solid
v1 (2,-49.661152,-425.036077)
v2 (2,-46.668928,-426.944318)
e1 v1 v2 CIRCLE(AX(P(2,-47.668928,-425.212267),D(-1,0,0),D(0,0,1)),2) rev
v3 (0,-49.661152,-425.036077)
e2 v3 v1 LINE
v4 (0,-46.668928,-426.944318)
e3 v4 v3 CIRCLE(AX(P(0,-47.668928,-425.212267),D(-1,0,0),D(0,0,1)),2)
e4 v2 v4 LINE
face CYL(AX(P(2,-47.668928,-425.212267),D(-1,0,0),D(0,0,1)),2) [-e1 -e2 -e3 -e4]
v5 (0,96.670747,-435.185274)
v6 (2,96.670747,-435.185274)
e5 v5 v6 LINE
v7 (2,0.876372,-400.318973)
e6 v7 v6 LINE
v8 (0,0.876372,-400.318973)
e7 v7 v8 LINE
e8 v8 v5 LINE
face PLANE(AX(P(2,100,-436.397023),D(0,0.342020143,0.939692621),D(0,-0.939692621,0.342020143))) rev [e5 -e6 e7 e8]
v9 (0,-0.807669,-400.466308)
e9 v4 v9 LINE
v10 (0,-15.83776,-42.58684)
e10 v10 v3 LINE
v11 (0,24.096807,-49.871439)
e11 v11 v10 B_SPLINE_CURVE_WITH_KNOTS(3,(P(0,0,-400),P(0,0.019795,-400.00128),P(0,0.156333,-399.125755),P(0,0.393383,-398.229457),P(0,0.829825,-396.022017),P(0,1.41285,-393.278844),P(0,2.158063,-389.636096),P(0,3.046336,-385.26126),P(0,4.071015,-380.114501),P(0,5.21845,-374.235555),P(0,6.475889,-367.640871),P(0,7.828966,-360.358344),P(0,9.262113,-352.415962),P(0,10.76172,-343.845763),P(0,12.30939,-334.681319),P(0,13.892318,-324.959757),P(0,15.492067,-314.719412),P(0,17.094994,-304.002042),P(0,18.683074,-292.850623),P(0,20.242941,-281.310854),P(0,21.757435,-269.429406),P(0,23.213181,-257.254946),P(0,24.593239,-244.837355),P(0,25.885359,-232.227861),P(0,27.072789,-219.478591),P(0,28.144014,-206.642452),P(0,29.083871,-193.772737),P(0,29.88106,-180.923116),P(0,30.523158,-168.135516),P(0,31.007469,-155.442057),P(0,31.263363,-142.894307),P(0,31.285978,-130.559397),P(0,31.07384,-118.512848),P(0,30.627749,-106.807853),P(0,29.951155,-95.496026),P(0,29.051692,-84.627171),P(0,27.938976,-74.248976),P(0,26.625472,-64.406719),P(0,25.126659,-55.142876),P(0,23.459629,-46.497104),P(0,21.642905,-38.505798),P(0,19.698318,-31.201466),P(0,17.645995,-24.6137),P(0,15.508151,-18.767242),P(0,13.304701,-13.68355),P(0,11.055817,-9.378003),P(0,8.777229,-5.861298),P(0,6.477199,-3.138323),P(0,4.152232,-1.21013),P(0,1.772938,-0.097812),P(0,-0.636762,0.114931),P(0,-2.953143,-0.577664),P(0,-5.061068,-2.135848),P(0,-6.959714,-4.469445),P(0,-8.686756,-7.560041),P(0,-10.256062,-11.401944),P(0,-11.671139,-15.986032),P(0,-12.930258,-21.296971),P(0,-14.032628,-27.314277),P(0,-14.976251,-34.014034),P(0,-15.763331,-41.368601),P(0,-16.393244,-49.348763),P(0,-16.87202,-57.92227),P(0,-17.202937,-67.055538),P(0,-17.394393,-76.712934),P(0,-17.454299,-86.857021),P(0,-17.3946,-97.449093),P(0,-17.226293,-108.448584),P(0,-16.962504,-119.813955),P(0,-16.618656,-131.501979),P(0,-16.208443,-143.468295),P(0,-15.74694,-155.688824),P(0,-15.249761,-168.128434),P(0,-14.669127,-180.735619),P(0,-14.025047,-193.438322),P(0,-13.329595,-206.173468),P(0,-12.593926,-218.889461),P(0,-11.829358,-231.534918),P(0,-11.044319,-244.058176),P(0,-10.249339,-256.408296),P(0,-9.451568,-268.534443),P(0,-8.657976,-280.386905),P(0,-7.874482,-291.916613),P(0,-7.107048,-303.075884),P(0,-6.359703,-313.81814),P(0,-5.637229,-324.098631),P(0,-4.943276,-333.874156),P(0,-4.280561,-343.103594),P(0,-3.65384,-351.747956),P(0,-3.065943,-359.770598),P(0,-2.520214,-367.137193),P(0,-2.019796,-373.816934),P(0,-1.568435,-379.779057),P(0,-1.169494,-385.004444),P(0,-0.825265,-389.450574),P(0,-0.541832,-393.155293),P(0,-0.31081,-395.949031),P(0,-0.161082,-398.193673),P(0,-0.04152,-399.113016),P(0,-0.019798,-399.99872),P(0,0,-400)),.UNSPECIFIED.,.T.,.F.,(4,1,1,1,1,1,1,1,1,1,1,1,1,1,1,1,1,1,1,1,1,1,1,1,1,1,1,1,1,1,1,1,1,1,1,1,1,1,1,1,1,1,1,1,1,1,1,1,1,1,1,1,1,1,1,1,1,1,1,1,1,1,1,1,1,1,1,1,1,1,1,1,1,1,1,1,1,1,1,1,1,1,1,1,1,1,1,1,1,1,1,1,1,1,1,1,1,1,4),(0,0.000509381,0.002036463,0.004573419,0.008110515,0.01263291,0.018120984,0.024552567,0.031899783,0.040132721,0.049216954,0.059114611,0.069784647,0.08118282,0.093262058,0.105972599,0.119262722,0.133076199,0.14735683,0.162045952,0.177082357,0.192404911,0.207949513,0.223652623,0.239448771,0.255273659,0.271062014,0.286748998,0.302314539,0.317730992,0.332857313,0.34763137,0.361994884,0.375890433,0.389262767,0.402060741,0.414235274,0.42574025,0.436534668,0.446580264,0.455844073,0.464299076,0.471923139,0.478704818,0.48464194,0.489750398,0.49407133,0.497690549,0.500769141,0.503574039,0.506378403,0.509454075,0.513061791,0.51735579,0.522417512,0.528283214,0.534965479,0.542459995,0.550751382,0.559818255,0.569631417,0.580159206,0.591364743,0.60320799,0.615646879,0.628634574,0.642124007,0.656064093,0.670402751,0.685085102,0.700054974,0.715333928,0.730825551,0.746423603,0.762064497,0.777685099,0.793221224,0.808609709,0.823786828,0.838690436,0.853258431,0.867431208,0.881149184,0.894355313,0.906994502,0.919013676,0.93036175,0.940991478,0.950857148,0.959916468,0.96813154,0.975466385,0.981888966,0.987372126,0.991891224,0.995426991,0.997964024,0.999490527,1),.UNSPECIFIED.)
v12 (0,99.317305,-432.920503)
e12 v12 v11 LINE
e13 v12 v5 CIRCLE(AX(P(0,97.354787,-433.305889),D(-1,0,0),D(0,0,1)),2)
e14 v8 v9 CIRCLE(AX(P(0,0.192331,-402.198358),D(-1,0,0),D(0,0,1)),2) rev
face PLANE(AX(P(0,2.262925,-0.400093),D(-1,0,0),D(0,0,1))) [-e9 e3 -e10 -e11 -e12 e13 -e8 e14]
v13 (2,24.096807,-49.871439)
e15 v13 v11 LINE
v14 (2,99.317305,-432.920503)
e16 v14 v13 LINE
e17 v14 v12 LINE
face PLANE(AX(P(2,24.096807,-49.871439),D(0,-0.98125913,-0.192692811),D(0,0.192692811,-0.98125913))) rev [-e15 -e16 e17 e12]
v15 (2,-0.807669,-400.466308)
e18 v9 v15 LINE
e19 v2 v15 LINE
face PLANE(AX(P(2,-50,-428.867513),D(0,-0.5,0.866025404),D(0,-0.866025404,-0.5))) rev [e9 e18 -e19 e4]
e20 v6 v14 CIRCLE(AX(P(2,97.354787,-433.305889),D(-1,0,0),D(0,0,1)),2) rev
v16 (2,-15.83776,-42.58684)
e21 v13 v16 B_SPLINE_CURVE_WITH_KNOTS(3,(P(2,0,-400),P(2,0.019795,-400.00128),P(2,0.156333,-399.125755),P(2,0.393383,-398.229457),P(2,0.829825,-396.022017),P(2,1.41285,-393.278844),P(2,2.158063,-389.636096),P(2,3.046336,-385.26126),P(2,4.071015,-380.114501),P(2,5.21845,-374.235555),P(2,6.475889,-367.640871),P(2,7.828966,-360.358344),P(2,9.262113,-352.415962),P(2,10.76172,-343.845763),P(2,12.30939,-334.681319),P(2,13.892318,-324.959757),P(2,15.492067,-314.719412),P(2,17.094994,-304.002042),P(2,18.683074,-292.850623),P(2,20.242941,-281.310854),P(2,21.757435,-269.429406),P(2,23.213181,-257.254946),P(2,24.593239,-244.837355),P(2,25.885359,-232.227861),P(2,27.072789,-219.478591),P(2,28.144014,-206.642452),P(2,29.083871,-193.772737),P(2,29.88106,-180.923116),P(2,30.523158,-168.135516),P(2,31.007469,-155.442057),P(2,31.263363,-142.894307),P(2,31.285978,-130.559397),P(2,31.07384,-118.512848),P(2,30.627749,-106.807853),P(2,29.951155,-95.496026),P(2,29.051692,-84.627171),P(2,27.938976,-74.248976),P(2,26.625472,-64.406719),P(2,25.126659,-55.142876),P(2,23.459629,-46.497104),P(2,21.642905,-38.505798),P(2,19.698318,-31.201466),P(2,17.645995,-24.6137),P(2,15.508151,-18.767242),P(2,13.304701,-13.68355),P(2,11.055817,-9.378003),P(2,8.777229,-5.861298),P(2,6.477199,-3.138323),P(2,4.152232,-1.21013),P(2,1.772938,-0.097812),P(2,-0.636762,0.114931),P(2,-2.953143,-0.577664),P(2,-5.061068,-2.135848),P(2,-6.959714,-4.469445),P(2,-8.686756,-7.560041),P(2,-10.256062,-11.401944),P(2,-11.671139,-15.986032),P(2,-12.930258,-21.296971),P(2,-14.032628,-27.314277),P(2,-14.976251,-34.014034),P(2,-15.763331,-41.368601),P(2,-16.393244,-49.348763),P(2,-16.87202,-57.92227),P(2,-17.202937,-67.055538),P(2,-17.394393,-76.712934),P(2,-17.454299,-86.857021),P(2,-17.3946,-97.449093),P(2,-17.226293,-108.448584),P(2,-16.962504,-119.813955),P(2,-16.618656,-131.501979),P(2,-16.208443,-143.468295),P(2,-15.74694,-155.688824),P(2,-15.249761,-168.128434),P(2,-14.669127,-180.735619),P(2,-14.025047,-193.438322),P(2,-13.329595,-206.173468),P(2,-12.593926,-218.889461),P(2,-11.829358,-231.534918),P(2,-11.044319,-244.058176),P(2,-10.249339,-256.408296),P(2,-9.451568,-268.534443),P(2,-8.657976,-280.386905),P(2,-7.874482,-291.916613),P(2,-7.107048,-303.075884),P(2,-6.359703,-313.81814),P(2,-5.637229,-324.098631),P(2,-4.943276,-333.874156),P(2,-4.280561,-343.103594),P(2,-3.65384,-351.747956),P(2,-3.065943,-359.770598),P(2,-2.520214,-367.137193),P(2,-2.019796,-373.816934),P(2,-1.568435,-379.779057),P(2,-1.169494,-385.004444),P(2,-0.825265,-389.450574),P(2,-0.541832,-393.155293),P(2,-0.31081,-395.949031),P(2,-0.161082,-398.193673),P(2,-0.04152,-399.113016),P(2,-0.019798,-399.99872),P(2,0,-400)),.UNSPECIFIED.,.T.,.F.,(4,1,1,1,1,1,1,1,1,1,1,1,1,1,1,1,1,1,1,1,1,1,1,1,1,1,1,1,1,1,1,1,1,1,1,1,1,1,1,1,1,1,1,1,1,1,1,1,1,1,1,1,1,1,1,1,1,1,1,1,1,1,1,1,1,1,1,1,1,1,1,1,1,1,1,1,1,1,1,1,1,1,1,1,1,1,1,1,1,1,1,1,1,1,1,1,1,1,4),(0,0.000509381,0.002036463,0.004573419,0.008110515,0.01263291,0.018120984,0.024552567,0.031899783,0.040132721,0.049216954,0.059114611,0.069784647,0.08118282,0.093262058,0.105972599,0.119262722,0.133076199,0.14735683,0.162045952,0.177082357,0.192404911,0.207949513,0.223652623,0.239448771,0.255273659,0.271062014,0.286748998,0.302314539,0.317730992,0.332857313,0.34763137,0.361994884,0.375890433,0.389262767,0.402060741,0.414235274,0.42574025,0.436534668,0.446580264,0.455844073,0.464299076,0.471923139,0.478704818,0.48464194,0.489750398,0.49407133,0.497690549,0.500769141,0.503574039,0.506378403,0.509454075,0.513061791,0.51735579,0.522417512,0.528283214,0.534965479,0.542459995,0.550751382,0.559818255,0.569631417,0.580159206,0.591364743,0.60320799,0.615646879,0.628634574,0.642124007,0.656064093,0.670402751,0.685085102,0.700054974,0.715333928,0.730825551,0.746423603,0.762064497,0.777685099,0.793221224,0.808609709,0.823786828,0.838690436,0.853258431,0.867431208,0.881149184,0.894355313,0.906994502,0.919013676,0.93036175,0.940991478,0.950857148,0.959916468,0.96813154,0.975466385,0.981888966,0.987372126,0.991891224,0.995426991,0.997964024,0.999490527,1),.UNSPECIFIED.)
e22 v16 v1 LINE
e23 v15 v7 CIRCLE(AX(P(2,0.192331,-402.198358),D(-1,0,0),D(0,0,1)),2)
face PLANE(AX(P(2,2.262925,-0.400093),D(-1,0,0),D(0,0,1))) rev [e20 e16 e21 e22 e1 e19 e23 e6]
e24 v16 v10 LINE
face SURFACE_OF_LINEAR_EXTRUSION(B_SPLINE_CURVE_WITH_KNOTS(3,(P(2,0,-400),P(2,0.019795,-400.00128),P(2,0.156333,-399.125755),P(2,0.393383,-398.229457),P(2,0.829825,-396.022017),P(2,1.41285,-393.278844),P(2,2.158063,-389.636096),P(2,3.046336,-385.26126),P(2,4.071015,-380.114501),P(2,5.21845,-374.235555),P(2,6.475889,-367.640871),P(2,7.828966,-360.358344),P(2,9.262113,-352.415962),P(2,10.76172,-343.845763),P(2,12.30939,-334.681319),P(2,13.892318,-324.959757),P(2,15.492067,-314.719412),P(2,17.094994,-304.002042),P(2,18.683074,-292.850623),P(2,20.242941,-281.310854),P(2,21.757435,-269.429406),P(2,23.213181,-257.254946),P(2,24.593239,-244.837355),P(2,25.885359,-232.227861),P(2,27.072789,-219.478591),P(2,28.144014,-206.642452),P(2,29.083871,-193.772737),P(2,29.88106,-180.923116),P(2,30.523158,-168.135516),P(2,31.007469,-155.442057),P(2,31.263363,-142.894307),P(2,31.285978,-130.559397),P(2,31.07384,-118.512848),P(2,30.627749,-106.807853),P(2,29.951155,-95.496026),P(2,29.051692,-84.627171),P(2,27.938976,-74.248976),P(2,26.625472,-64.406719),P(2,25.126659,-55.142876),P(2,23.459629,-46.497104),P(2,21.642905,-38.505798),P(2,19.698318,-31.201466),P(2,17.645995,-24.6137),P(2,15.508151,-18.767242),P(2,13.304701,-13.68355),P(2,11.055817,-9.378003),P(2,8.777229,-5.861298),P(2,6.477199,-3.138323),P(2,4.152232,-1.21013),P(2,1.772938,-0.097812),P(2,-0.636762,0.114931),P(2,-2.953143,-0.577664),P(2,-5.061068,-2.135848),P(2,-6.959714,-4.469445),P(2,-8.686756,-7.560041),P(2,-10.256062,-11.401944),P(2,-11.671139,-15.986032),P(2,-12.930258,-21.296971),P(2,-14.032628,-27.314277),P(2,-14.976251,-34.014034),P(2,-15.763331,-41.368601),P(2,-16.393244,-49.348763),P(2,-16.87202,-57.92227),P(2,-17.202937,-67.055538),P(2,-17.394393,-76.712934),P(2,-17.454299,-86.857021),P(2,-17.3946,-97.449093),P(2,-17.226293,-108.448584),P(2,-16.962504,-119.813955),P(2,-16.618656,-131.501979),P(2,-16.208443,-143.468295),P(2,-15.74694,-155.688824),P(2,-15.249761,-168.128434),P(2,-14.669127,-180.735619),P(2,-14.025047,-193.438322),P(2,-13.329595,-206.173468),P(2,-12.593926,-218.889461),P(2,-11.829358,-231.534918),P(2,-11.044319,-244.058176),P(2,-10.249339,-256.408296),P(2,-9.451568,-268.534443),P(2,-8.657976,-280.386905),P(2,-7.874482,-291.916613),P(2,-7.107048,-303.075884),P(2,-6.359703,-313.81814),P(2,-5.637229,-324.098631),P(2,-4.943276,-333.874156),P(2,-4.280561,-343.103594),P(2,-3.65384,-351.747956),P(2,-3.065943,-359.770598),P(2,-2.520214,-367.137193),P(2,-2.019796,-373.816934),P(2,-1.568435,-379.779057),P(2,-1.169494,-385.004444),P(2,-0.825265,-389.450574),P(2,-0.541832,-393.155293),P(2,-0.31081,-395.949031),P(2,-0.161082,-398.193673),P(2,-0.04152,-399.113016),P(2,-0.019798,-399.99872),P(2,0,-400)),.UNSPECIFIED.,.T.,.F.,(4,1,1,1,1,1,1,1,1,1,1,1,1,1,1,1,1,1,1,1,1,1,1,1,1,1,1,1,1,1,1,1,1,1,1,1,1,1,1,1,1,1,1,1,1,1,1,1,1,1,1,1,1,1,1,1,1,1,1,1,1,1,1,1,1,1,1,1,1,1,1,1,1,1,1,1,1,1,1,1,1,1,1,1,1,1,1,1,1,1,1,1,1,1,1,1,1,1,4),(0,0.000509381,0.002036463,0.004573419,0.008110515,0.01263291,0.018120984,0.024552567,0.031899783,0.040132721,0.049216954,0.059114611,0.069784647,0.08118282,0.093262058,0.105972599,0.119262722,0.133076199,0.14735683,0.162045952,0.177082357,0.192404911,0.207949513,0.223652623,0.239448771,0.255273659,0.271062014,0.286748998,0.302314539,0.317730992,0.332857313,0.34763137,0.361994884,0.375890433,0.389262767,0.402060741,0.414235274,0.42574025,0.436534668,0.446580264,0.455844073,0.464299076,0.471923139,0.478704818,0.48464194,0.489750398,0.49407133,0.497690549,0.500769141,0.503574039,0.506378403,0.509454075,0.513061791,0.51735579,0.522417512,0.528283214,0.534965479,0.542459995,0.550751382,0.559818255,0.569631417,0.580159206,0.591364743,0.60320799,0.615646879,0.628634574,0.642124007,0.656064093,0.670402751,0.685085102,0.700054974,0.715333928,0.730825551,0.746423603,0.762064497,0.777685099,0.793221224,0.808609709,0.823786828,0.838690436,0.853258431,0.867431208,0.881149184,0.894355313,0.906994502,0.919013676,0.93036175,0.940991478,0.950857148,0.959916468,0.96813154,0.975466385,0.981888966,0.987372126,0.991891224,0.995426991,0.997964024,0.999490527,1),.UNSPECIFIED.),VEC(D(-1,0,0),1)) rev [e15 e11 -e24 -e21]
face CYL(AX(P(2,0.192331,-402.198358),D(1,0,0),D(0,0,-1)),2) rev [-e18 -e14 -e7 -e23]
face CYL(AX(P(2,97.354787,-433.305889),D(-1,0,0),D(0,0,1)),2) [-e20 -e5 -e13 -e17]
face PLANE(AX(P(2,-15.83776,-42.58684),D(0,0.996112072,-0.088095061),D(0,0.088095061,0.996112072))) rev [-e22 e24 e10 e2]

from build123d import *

# Parameters (mm, degrees)
BOSS_EXTRUDE1_DEPTH = 2
FILLET1_R           = 2


with BuildPart() as part:
    # Sketch1 → Boss-Extrude1 (new body)
    with BuildSketch(Plane(origin=(0, 0, 0), x_dir=(0, 0, -1), z_dir=(1, 0, 0))):
        with BuildLine():
            Line((42.586839917, -15.837760008), (428.867513459, -50))
            Line((428.867513459, -50), (400, 0))
            Line((400, 0), (436.397023427, 100))
            Line((436.397023427, 100), (49.871439173, 24.096806654))
            add(Edge.make_bspline(
                [(49.871439173, 24.096806654), (48.681752932, 23.863184383), (44.814068289, 23.077011878), (38.505797722, 21.642904741), (31.201466363, 19.698317647), (24.613699512, 17.645994765), (18.76724164, 15.508150537), (13.683550401, 13.304700679), (9.37800282, 11.055816822), (5.861297917, 8.777228884), (3.138322997, 6.477199452), (1.210129987, 4.152231688), (0.097811757, 1.772938442), (-0.114930505, -0.636761689), (0.57766434, -2.953143262), (2.135848355, -5.061068321), (4.469445072, -6.959713819), (7.560040923, -8.686755926), (11.401944067, -10.2560624), (15.986032112, -11.671139402), (21.296971451, -12.930258423), (27.314276935, -14.032627661), (34.014034124, -14.976251159), (39.18417279, -15.529555506), (42.114321875, -15.795971029), (42.586839917, -15.837760008)],
                knots=[0.432080365, 0.432080365, 0.432080365, 0.432080365, 0.436534668, 0.446580264, 0.455844073, 0.464299076, 0.471923139, 0.478704818, 0.48464194, 0.489750398, 0.49407133, 0.497690549, 0.500769141, 0.503574039, 0.506378403, 0.509454075, 0.513061791, 0.51735579, 0.522417512, 0.528283214, 0.534965479, 0.542459995, 0.550751382, 0.559818255, 0.561561054, 0.561561054, 0.561561054, 0.561561054], degree=3))
        make_face()
    extrude(amount=BOSS_EXTRUDE1_DEPTH)

    # Fillet1
    fillet1_edges = [part.edges().sort_by_distance(p)[0] for p in [
        (1, 100, -436.397023427),
        (1, 0, -400),
        (1, -50, -428.867513459),
    ]]
    fillet(fillet1_edges, radius=FILLET1_R)


solid = part.part
